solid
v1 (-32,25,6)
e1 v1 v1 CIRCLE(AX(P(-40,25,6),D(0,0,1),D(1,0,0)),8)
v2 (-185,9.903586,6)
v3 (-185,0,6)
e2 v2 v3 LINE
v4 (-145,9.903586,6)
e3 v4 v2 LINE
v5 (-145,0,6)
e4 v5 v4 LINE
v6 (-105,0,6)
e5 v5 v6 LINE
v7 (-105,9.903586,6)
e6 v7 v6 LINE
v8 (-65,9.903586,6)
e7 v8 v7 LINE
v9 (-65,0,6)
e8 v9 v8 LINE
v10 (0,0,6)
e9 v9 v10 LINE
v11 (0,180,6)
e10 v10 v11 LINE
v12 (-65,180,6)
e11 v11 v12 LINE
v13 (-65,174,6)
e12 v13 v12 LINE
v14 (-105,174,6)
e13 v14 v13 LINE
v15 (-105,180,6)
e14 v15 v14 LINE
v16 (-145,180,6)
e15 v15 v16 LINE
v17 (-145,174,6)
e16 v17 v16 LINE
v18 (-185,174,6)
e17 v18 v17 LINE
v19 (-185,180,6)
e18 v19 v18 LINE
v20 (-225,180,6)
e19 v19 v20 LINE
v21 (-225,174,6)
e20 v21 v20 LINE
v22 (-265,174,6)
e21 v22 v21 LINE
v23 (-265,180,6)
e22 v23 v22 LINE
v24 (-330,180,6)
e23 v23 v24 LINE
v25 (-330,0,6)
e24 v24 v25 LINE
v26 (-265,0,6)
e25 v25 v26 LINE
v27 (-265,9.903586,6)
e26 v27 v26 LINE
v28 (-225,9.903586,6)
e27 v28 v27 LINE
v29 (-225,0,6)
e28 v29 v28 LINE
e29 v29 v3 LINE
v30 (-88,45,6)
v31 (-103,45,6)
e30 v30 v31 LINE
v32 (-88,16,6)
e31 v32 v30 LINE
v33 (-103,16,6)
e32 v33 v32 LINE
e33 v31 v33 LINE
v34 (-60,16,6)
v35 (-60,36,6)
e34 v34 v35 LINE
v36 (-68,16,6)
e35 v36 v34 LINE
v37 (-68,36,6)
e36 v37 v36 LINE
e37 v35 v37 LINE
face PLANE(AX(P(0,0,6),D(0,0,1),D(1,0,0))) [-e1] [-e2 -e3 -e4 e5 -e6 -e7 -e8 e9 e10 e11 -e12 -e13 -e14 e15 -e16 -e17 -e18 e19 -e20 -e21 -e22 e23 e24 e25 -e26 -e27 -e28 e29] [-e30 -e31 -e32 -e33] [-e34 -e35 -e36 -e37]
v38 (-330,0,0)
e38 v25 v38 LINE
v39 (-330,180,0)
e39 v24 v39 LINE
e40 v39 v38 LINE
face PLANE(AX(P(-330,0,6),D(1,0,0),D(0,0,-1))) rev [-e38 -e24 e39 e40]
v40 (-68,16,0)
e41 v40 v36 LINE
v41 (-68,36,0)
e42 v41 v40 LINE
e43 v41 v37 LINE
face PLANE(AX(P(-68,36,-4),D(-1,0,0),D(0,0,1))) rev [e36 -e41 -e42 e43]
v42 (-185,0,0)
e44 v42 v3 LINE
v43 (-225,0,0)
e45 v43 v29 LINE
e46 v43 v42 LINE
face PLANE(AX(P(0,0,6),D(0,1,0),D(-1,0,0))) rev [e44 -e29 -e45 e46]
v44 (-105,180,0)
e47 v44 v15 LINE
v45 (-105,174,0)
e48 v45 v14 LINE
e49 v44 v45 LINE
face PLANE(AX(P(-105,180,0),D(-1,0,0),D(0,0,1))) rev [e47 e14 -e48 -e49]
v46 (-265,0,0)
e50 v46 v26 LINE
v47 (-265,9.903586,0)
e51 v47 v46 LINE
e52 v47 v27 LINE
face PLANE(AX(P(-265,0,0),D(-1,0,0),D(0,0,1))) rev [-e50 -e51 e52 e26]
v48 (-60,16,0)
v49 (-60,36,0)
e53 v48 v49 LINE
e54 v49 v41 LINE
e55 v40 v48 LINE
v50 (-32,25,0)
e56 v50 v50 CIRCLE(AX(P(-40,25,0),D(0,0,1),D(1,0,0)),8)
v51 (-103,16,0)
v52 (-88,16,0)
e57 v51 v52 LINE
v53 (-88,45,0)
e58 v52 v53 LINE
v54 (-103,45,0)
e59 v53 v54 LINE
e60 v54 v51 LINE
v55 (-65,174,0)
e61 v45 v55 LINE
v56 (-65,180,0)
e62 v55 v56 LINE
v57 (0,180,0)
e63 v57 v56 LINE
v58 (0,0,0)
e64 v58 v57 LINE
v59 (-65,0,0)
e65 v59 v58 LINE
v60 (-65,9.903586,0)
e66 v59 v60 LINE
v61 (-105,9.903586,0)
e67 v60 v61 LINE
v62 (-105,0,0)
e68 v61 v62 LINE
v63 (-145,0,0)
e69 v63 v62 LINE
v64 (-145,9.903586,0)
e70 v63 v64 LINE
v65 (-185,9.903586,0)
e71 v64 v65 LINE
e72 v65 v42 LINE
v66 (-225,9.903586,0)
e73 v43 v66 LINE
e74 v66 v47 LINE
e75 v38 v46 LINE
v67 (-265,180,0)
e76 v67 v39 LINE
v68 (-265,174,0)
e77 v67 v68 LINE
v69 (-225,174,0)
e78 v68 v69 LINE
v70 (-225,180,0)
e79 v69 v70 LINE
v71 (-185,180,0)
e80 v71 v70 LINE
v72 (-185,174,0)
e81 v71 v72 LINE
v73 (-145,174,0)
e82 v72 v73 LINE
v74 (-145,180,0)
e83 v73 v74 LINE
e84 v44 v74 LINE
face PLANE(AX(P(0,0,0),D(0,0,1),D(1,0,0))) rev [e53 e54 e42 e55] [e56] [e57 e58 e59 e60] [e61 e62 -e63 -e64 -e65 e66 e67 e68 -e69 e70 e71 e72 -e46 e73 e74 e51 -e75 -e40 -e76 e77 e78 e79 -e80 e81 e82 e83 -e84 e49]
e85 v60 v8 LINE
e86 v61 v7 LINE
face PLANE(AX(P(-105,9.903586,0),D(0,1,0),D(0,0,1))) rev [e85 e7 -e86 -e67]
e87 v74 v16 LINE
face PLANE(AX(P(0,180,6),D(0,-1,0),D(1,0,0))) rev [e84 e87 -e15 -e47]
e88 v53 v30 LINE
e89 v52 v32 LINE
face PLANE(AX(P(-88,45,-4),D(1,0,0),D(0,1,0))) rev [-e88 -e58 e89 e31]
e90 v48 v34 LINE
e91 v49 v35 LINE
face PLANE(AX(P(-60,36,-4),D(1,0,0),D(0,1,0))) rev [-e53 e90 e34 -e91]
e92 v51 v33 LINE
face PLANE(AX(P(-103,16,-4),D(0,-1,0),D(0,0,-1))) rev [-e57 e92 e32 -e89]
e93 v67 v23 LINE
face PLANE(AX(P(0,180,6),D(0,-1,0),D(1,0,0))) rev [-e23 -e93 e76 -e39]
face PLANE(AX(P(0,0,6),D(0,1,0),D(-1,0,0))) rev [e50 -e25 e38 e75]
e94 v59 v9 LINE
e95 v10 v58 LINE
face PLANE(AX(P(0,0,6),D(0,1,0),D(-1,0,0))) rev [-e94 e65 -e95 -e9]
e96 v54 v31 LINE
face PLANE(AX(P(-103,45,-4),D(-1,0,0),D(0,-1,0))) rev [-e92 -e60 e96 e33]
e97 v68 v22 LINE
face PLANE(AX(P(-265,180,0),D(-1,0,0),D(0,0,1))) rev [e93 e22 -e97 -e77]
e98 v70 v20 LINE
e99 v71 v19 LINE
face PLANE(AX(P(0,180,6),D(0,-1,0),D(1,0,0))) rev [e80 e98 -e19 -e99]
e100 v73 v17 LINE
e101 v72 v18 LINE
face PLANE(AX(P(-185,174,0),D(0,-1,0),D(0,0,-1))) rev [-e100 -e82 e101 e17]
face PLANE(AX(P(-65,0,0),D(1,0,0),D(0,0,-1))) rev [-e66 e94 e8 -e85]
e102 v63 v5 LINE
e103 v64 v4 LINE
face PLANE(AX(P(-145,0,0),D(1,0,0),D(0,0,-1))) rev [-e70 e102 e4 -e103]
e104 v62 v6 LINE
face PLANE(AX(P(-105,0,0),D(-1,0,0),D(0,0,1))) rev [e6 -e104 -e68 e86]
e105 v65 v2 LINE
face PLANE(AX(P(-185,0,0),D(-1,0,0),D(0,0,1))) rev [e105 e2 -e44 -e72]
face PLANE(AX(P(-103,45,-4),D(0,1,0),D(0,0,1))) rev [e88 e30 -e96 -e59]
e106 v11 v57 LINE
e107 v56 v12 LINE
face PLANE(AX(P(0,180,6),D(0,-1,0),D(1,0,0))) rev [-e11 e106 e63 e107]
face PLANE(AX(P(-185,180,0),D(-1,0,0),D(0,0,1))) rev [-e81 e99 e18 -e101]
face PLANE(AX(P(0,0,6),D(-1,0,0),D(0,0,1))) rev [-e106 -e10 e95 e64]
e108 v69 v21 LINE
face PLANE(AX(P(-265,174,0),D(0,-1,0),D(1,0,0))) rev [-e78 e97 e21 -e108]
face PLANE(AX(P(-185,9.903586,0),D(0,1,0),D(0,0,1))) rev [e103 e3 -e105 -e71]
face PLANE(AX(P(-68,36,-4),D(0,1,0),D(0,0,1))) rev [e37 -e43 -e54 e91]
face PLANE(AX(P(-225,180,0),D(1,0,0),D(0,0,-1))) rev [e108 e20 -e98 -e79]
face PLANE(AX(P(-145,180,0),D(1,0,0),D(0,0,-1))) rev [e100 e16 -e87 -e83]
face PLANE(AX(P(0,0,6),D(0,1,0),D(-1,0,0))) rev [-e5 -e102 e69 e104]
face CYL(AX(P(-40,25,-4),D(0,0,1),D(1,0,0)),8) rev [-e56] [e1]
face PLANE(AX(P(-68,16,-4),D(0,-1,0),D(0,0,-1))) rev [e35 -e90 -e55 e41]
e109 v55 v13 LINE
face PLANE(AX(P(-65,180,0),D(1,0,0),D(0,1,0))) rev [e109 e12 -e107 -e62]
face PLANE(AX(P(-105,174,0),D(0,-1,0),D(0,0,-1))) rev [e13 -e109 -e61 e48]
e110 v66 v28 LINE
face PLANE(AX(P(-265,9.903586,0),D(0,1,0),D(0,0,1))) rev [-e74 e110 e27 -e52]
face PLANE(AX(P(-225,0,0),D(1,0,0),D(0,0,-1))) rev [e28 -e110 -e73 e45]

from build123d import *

# Parameters (mm, degrees)
ESQUISSE1_W             = 330
ESQUISSE1_H             = 180
BOSS_EXTRU_1_DEPTH      = 6
ESQUISSE2_W             = 40
ESQUISSE2_H             = 6
ESQUISSE2_H_2           = 9.903585907
ENL_V_MAT_ENCOCHE_DEPTH = 6
ESQUISSE3_R             = 8
ESQUISSE3_W             = 15
ESQUISSE3_H             = 29
ESQUISSE3_W_2           = 8
ESQUISSE3_H_2           = 20
ENL_V_MAT_EXTRU_1_DEPTH = 10


with BuildPart() as part:
    # Esquisse1 → Boss.-Extru.1 (new body)
    with BuildSketch(Plane.XY):
        with Locations((-165, 90)):
            Rectangle(ESQUISSE1_W, ESQUISSE1_H)
    extrude(amount=BOSS_EXTRU_1_DEPTH)

    # Esquisse2 → Enlèv. mat encoche (cut)
    with BuildSketch(Plane.XY.offset(6)):
        with Locations((-245, 177)):
            Rectangle(ESQUISSE2_W, ESQUISSE2_H)
        with Locations((-165, 177)):
            Rectangle(ESQUISSE2_W, ESQUISSE2_H)
        with Locations((-85, 177)):
            Rectangle(ESQUISSE2_W, ESQUISSE2_H)
        with Locations((-245, 4.951792954)):
            Rectangle(ESQUISSE2_W, ESQUISSE2_H_2)
        with Locations((-165, 4.951792954)):
            Rectangle(ESQUISSE2_W, ESQUISSE2_H_2)
        with Locations((-85, 4.951792954)):
            Rectangle(ESQUISSE2_W, ESQUISSE2_H_2)
    extrude(amount=-ENL_V_MAT_ENCOCHE_DEPTH, mode=Mode.SUBTRACT)

    # Esquisse3 → Enlèv. mat.-Extru.1 (cut)
    with BuildSketch(Plane.XY.offset(6)):
        with Locations((-40, 25)):
            Circle(ESQUISSE3_R)
        with Locations((-95.5, 30.5)):
            Rectangle(ESQUISSE3_W, ESQUISSE3_H)
        with Locations((-64, 26)):
            Rectangle(ESQUISSE3_W_2, ESQUISSE3_H_2)
    extrude(amount=-ENL_V_MAT_EXTRU_1_DEPTH, mode=Mode.SUBTRACT)


solid = part.part
